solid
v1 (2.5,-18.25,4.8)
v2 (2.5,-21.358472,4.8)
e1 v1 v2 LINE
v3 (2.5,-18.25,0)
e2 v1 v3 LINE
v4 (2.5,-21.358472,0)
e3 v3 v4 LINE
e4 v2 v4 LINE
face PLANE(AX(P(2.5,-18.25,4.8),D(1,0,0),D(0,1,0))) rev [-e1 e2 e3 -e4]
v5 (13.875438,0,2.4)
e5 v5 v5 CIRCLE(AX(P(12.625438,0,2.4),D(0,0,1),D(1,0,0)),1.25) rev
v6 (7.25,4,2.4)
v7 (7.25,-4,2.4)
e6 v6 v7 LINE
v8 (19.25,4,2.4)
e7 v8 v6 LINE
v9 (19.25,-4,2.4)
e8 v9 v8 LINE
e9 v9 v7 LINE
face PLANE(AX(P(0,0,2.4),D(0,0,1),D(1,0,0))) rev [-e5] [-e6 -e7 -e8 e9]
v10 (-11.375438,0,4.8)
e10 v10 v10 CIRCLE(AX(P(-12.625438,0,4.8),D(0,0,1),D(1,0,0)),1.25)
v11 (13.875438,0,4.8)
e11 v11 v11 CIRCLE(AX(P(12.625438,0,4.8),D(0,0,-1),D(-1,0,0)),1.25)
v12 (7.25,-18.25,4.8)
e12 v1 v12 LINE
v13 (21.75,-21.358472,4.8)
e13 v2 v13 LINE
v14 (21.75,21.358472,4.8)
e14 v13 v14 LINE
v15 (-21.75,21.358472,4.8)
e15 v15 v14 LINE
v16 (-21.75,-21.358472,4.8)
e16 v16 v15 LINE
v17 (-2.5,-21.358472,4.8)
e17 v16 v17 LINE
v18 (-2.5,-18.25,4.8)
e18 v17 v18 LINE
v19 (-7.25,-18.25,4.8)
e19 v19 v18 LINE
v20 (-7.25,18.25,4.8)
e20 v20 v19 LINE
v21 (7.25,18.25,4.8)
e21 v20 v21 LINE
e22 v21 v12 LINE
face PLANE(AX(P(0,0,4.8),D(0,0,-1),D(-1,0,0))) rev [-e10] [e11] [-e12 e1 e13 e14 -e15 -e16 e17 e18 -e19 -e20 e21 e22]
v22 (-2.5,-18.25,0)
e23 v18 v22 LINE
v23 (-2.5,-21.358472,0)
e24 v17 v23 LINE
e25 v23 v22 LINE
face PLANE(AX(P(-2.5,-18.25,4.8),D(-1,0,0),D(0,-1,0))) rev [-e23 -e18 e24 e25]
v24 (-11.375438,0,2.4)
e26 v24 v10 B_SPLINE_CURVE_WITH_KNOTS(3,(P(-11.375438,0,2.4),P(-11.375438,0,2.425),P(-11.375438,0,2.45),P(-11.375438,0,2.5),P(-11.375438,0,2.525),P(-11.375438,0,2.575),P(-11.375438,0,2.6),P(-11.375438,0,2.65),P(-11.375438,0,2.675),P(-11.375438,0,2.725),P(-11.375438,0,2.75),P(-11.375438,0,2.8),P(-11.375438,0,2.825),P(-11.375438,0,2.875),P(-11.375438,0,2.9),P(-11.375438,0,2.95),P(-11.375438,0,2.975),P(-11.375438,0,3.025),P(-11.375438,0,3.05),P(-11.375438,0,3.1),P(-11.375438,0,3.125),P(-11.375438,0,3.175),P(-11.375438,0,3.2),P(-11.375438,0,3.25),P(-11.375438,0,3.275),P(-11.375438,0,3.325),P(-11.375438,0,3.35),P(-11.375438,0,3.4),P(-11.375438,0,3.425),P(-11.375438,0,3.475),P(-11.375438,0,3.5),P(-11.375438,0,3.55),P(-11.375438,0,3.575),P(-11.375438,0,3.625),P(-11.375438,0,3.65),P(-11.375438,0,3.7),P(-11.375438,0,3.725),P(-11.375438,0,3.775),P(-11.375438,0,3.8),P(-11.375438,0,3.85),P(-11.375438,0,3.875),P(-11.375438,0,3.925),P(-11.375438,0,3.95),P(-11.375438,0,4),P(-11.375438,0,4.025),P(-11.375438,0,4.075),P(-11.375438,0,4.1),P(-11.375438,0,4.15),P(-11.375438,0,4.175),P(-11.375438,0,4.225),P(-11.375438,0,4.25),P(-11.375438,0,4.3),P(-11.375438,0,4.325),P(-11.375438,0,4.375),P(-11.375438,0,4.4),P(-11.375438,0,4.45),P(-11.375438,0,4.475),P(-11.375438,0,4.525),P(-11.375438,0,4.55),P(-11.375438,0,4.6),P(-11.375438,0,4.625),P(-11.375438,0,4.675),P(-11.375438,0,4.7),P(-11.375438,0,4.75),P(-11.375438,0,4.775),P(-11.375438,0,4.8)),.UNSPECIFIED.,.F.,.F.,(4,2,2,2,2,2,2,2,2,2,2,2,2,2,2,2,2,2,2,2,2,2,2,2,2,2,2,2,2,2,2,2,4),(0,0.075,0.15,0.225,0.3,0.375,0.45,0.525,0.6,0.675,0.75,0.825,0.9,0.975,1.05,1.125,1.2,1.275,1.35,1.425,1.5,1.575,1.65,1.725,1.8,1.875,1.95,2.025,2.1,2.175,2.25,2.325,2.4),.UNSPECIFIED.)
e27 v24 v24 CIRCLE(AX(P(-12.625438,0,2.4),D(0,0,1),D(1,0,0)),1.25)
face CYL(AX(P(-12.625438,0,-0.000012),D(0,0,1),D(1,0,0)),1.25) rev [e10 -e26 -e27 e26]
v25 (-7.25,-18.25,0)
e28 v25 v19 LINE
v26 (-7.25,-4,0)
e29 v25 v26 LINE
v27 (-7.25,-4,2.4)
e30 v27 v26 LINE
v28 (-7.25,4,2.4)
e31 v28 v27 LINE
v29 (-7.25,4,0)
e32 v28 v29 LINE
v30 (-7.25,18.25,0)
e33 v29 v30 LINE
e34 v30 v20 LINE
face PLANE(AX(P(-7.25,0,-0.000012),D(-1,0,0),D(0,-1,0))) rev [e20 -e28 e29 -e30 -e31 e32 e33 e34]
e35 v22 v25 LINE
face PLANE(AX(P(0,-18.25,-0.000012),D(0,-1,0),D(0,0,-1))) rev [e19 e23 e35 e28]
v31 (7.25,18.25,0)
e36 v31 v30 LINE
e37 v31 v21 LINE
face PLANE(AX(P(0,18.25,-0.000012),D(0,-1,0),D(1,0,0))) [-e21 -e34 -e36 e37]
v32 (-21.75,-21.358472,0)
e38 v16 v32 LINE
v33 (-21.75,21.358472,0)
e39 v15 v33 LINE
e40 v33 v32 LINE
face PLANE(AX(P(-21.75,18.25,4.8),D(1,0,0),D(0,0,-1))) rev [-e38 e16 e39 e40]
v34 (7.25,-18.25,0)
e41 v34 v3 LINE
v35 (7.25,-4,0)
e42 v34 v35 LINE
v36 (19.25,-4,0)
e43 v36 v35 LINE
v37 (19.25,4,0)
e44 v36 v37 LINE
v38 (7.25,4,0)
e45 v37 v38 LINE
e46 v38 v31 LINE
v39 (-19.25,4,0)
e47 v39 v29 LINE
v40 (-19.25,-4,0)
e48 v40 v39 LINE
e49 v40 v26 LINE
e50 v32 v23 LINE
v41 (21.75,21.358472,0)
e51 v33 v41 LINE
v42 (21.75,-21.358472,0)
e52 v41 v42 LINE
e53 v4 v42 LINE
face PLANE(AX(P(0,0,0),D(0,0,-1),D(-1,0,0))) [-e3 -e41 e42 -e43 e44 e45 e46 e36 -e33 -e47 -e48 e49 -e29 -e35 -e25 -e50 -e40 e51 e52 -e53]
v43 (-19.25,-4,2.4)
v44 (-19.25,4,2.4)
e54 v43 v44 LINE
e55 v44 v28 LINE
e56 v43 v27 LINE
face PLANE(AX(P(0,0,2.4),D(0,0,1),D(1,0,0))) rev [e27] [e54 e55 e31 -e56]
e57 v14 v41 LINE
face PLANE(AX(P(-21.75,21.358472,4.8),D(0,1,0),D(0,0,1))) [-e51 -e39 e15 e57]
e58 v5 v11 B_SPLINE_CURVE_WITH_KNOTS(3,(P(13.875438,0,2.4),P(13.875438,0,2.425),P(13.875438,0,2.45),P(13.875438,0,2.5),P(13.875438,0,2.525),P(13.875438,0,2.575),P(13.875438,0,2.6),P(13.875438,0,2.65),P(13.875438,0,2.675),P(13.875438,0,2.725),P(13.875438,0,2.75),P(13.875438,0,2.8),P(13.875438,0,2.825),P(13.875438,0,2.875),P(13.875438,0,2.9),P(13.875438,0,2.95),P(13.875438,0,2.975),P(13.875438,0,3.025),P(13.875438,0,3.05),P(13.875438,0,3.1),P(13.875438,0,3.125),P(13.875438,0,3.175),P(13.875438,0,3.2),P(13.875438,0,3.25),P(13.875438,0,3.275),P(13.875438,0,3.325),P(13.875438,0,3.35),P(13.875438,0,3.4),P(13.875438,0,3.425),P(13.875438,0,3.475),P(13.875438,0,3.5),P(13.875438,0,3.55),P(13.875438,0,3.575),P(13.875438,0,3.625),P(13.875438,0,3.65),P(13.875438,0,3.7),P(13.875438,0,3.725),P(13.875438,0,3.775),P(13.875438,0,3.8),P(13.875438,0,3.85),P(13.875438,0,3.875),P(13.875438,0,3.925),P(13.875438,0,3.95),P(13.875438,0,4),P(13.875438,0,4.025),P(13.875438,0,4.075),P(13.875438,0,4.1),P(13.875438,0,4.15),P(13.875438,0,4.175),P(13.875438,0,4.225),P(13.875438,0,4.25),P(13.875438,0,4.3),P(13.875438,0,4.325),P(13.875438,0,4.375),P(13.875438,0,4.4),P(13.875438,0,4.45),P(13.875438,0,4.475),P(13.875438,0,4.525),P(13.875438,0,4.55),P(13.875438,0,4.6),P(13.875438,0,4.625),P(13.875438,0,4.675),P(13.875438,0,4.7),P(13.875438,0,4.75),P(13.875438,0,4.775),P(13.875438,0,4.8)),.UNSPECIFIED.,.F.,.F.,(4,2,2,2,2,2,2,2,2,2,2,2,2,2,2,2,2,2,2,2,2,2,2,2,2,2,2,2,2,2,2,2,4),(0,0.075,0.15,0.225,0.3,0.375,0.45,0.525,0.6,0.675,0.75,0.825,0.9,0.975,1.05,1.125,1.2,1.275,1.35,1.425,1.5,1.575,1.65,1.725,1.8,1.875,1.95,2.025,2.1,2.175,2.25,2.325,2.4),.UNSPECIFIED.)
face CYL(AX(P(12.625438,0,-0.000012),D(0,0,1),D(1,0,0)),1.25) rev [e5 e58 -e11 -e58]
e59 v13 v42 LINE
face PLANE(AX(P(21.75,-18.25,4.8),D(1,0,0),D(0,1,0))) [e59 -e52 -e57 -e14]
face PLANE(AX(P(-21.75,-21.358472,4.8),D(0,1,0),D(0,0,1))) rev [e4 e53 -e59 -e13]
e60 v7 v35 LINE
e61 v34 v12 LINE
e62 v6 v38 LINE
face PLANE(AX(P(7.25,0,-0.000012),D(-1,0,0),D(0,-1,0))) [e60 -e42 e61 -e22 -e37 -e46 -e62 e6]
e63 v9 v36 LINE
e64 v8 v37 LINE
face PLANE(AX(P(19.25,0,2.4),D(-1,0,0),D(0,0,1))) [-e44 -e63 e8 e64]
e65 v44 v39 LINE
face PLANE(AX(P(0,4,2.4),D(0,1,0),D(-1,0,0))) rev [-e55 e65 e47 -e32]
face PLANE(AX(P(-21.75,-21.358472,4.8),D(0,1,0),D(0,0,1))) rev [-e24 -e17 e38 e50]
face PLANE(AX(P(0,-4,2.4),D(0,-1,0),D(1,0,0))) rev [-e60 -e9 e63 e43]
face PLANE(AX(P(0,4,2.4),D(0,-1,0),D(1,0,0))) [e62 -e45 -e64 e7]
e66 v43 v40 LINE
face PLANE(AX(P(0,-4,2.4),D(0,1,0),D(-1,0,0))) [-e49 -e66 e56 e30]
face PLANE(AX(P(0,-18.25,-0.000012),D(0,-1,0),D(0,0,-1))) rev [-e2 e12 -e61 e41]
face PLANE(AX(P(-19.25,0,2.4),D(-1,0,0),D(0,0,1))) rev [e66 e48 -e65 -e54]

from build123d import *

# Parameters (mm, degrees)
BOSS_EXTRUDE1_DEPTH     = 4.8
CUT_EXTRUDE1_DEPTH      = 31.859144724
CUT_EXTRUDE1_DEPTH_BACK = 31.859144724
CUT_EXTRUDE2_DEPTH      = 31.859144724
CUT_EXTRUDE2_DEPTH_BACK = 31.859144724
SKETCH1_13_R            = 1.25
SKETCH1_15_W            = 12
SKETCH1_15_H            = 8
SKETCH1_15_R            = 1.25
CUT_EXTRUDE4_DEPTH      = 2.4
SKETCH2_W               = 5
SKETCH2_H               = 3.108471694
CUT_EXTRUDE5_DEPTH      = 31.859144724


with BuildPart() as part:
    # Sketch1 → Boss-Extrude1 (new body)
    with BuildSketch(Plane.XY):
        Polygon((-21.75, 18.25), (-21.75, -18.25), (-21.75, -21.358471694), (21.75, -21.358471694), (21.75, -18.25), (21.75, 18.25), (21.75, 21.358471694), (-21.75, 21.358471694), align=None)
    extrude(amount=BOSS_EXTRUDE1_DEPTH)

    # Sketch1<12> → Cut-Extrude1 (cut, two sides: drawn at the far end of the back side and taken through both)
    with BuildSketch(Plane.XY.offset(-CUT_EXTRUDE1_DEPTH_BACK)):
        Polygon((-7.25, 18.25), (-7.25, 4), (-7.25, 0), (-7.25, -4), (-7.25, -18.25), (7.25, -18.25), (7.25, -4), (7.25, 0), (7.25, 4), (7.25, 18.25), align=None)
    extrude(amount=CUT_EXTRUDE1_DEPTH + CUT_EXTRUDE1_DEPTH_BACK, mode=Mode.SUBTRACT)

    # Sketch1<13> → Cut-Extrude2 (cut, two sides: drawn at the far end of the back side and taken through both)
    with BuildSketch(Plane.XY.offset(-CUT_EXTRUDE2_DEPTH_BACK)):
        with Locations((-12.625438214, 0)):
            Circle(SKETCH1_13_R)
        with Locations((12.625438214, 0)):
            Circle(SKETCH1_13_R)
    extrude(amount=CUT_EXTRUDE2_DEPTH + CUT_EXTRUDE2_DEPTH_BACK, mode=Mode.SUBTRACT)

    # Sketch1<15> → Cut-Extrude4 (cut)
    # profile 1 of 2: a face of its own
    with BuildSketch(Plane.XY):
        with Locations((-13.25, 0)):
            Rectangle(SKETCH1_15_W, SKETCH1_15_H)
        with Locations((-12.625438214, 0)):
            Circle(SKETCH1_15_R, mode=Mode.SUBTRACT)
    # profile 2 of 2: a face of its own
    with BuildSketch(Plane.XY):
        with Locations((13.25, 0)):
            Rectangle(SKETCH1_15_W, SKETCH1_15_H)
        with Locations((12.625438214, 0)):
            Circle(SKETCH1_15_R, mode=Mode.SUBTRACT)
    extrude(amount=CUT_EXTRUDE4_DEPTH, mode=Mode.SUBTRACT)

    # Sketch2 → Cut-Extrude5 (cut, through all)
    with BuildSketch(Plane(origin=(0, 0, 0), x_dir=(-1, 0, 0), z_dir=(0, 0, -1))):
        with Locations((0, -19.804235847)):
            Rectangle(SKETCH2_W, SKETCH2_H)
    extrude(amount=-CUT_EXTRUDE5_DEPTH, mode=Mode.SUBTRACT)


solid = part.part
